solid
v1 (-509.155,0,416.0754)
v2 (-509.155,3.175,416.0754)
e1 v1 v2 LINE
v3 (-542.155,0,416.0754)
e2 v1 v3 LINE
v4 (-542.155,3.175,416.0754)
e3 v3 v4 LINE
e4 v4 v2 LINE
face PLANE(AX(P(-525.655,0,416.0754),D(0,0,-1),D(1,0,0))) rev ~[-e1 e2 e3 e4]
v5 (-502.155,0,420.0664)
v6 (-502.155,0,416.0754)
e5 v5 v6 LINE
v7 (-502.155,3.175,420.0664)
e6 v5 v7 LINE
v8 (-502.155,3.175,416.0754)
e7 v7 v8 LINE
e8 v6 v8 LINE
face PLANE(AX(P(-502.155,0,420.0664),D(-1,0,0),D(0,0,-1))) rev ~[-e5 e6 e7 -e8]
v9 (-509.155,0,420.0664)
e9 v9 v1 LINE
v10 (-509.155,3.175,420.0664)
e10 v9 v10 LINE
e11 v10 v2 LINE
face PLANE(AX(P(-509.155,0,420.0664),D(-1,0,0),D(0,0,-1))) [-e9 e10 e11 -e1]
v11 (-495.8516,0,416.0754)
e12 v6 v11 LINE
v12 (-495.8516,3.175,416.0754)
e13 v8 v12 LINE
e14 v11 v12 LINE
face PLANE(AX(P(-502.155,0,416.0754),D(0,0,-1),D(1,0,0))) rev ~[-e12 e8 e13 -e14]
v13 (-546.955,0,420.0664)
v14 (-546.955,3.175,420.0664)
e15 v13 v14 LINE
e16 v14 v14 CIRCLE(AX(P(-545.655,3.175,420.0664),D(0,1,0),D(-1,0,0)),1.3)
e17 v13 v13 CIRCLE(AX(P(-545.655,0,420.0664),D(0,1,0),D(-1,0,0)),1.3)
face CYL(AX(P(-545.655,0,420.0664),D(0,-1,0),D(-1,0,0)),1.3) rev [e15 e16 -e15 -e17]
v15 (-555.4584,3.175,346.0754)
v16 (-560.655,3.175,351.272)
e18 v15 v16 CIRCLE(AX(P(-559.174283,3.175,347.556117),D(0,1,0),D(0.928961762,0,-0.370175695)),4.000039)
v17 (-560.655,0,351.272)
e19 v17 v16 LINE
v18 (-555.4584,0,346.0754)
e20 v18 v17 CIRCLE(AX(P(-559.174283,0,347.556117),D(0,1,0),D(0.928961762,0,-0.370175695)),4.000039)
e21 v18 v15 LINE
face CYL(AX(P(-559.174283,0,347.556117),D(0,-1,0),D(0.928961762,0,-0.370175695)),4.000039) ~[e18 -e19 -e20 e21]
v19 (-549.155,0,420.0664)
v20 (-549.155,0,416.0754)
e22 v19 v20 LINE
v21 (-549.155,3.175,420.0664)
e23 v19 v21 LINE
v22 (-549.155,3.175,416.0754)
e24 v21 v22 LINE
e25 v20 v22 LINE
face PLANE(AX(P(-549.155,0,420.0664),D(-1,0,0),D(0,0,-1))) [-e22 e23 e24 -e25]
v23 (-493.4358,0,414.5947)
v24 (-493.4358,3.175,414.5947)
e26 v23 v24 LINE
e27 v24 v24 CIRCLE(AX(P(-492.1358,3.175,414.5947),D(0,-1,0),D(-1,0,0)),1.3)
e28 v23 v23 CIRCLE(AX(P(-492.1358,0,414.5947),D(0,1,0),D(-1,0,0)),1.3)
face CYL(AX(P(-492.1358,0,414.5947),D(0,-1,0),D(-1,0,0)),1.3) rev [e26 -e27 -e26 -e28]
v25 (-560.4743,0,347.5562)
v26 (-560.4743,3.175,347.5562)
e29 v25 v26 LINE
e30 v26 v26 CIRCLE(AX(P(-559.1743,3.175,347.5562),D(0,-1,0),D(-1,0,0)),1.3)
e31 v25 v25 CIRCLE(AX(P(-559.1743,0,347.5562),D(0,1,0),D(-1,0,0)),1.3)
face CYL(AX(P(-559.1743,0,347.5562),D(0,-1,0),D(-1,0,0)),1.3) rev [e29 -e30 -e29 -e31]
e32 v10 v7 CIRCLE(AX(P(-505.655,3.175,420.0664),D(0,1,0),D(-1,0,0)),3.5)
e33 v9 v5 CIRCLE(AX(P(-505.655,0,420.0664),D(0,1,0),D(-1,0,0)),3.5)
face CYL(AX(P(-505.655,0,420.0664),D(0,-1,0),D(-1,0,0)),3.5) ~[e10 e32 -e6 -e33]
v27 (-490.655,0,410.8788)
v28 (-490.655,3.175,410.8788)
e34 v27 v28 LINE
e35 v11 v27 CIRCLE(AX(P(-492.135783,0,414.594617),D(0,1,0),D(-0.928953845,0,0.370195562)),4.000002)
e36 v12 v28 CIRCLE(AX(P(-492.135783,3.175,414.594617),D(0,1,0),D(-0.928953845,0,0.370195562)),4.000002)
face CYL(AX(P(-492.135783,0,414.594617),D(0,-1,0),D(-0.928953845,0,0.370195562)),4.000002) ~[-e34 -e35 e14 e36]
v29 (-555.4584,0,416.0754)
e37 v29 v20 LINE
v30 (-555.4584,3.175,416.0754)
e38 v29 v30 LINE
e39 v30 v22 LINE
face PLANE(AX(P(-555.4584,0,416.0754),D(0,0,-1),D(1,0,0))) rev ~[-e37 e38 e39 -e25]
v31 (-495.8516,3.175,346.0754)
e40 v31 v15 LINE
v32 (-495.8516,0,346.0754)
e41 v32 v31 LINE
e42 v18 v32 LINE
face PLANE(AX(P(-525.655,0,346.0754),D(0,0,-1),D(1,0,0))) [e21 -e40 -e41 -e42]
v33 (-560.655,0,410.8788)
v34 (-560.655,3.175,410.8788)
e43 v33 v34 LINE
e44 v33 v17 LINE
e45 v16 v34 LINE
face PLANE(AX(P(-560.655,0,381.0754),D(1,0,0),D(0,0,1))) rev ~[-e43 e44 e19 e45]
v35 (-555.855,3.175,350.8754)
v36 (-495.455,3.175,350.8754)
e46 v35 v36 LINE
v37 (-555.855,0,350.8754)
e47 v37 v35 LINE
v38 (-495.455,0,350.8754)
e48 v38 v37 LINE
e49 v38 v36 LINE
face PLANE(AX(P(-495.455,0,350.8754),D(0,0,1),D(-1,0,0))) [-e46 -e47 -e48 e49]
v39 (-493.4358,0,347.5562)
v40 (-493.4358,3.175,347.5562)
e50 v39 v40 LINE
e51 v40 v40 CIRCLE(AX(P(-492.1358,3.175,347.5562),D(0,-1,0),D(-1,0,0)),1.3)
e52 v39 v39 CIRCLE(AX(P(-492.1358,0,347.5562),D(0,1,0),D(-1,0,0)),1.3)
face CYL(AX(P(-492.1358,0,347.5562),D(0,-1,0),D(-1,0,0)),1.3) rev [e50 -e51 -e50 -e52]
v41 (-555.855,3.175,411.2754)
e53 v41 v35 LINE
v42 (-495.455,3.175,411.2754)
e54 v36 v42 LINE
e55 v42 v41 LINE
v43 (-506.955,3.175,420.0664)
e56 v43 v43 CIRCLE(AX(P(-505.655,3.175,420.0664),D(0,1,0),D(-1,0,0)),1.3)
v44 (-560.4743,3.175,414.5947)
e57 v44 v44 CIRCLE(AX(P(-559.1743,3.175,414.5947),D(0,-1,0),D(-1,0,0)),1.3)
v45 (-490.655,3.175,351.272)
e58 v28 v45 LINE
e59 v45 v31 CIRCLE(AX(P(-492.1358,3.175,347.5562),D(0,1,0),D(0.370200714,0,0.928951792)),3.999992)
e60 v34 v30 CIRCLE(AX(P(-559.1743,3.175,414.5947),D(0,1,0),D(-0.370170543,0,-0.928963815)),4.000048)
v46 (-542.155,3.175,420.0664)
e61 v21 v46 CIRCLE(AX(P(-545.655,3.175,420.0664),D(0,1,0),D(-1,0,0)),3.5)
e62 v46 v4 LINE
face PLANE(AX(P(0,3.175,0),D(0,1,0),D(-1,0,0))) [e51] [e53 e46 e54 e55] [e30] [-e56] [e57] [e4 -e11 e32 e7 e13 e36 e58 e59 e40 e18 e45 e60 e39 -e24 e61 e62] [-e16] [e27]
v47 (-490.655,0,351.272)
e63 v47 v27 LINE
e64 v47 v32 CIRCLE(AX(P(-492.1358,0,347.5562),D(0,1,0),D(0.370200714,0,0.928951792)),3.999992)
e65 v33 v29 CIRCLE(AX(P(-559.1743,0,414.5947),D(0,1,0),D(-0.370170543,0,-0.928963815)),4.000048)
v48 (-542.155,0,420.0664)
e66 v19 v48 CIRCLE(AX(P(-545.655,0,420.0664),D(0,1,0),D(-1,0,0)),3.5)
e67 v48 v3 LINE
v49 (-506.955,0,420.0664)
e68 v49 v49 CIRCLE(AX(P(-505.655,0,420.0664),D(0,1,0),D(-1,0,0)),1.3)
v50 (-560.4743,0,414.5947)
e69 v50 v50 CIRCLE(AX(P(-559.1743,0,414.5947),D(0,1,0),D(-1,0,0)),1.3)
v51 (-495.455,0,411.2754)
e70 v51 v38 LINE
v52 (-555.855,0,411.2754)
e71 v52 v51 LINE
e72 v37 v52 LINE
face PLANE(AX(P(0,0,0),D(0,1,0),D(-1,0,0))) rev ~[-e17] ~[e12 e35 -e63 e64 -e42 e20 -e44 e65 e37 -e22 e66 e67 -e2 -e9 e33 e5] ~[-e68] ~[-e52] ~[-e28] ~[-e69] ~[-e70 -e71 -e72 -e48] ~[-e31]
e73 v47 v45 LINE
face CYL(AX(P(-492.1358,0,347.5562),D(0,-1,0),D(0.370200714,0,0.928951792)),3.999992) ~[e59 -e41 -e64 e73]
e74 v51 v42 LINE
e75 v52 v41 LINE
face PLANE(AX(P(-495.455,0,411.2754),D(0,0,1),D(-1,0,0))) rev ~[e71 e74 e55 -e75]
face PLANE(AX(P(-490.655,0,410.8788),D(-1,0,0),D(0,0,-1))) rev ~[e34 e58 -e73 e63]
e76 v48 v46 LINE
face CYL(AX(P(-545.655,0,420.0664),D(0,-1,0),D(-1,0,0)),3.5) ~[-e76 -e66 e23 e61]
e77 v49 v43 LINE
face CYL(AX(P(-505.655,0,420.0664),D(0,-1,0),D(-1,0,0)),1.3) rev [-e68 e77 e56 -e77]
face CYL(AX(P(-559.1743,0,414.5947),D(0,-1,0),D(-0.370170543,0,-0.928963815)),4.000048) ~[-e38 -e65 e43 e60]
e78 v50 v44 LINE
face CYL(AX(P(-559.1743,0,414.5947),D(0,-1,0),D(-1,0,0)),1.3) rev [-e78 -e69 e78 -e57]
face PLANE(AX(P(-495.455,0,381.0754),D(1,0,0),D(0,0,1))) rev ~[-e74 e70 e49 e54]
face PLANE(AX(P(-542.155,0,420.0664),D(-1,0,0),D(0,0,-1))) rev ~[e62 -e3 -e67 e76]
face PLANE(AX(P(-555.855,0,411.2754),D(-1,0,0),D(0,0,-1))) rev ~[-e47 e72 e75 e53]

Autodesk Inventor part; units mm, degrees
ref_plane "YZ Plane" through (0, 0, 0) normal (1, 0, 0) x (0, 1, 0)
ref_plane "XZ Plane" through (0, 0, 0) normal (0, 1, 0) x (-1, 0, 0)
ref_plane "XY Plane" through (0, 0, 0) normal (0, 0, 1) x (1, 0, 0)
sketch "Sketch1" plane through (0, 0, 0) normal (0, 1, 0) x (-1, 0, 0)
  line L0 (495.455, 411.2754) -> (555.855, 411.2754)
  line L1 (555.855, 411.2754) -> (555.855, 381.0754)
  line L2 (495.455, 381.0754) -> (495.455, 411.2754)
  line L3 (560.655, 416.0754) -> (555.4584, 416.0754)
  line L4 (490.655, 416.0754) -> (490.655, 410.8788)
  line L5 (495.455, 411.2754) -> (490.655, 416.0754)
  line L6 (555.855, 411.2754) -> (560.655, 416.0754)
  line L7 (490.655, 381.0754) -> (560.655, 381.0754)
  arc A0 (556.3458, 411.7662) -> (556.9421, 411.2754) centre (559.1743, 414.5947) ccw
  arc A1 (494.9642, 411.7662) -> (495.8516, 416.0754) centre (492.1358, 414.5947) ccw
  line L8 (560.655, 410.8788) -> (560.655, 416.0754)
  arc A2 (555.4584, 416.0754) -> (555.855, 412.3625) centre (559.1743, 414.5947) ccw
  line L9 (495.8516, 416.0754) -> (490.655, 416.0754)
  line L10 (490.655, 410.8788) -> (490.655, 381.0754)
  arc A3 (490.655, 410.8788) -> (494.9642, 411.7662) centre (492.1358, 414.5947) ccw
  arc A4 (495.8516, 416.0754) -> (490.655, 410.8788) centre (492.1358, 414.5947) ccw
  circle A5 centre (492.1358, 414.5947) radius 1.3
  arc A6 (555.855, 412.3625) -> (556.3458, 411.7662) centre (559.1743, 414.5947) ccw
  arc A7 (560.655, 410.8788) -> (555.4584, 416.0754) centre (559.1743, 414.5947) ccw
  arc A8 (556.9421, 411.2754) -> (560.655, 410.8788) centre (559.1743, 414.5947) ccw
  circle A9 centre (559.1743, 414.5947) radius 1.3
  line L11 (525.655, 416.0754) -> (525.655, 381.0754)
  line L12 (560.655, 381.0754) -> (560.655, 410.8788)
  arc A10 (560.655, 351.272) -> (556.9421, 350.8754) centre (559.1743, 347.5562) ccw
  arc A11 (555.855, 349.7884) -> (555.4584, 346.0754) centre (559.1743, 347.5562) ccw
  line L13 (560.655, 381.0754) -> (560.655, 351.272)
  line L14 (555.855, 350.8754) -> (555.855, 381.0754)
  line L15 (525.655, 346.0754) -> (525.655, 381.0754)
  line L16 (555.4584, 346.0754) -> (495.8516, 346.0754)
  line L17 (495.455, 350.8754) -> (555.855, 350.8754)
  line L18 (495.455, 350.8754) -> (490.655, 346.0754)
  line L19 (490.655, 346.0754) -> (490.655, 351.272)
  line L20 (495.455, 381.0754) -> (495.455, 350.8754)
  line L21 (560.655, 346.0754) -> (555.4584, 346.0754)
  line L22 (555.855, 350.8754) -> (560.655, 346.0754)
  arc A12 (556.3458, 350.3846) -> (555.855, 349.7884) centre (559.1743, 347.5562) ccw
  arc A13 (556.9421, 350.8754) -> (556.3458, 350.3846) centre (559.1743, 347.5562) ccw
  circle A14 centre (559.1743, 347.5562) radius 1.3
  line L23 (560.655, 351.272) -> (560.655, 346.0754)
  arc A15 (555.4584, 346.0754) -> (560.655, 351.272) centre (559.1743, 347.5562) ccw
  circle A16 centre (492.1358, 347.5562) radius 1.3
  line L24 (495.8516, 346.0754) -> (490.655, 346.0754)
  line L25 (490.655, 351.272) -> (490.655, 381.0754)
  arc A17 (494.9642, 350.3846) -> (490.655, 351.272) centre (492.1358, 347.5562) ccw
  arc A18 (490.655, 351.272) -> (495.8516, 346.0754) centre (492.1358, 347.5562) ccw
  arc A19 (495.8516, 346.0754) -> (494.9642, 350.3846) centre (492.1358, 347.5562) ccw
  circle A20 centre (505.655, 420.0664) radius 1.3
  arc A21 (509.155, 420.0664) -> (502.155, 420.0664) centre (505.655, 420.0664) ccw
  line L26 (502.155, 420.0664) -> (502.155, 416.0754)
  line L27 (509.155, 420.0664) -> (509.155, 416.0754)
  circle A22 centre (545.655, 420.0664) radius 1.3
  line L28 (549.155, 420.0664) -> (549.155, 416.0754)
  arc A23 (549.155, 420.0664) -> (542.155, 420.0664) centre (545.655, 420.0664) ccw
  line L29 (542.155, 420.0664) -> (542.155, 416.0754)
  line L30 (502.155, 416.0754) -> (495.8516, 416.0754)
  line L31 (555.4584, 416.0754) -> (549.155, 416.0754)
  line L32 (542.155, 416.0754) -> (509.155, 416.0754)
  point P0 (0, 0)
  point P1 (525.855, 381.2754)
  point P2 (558.255, 413.6754)
  point P3 (493.055, 413.6754)
  point P4 (493.055, 348.4754)
  point P5 (558.255, 348.4754)
  point P6 (525.855, 380.8754)
  dimension "d0" = 4.8
  dimension "d1" = 70
  dimension "d2" = 8
  dimension "d3" = 2.6
  dimension "d4" = 2.6
  dimension "d5" = 33.5192
  dimension "d6" = 33.5192
  dimension "d7" = 2.6
  dimension "d8" = 20
  dimension "d9" = 7
extrude "Extrusion1" add sketch "Sketch1" along normal blind 3.175 contours L5 A1 L30 L26 A21 L27 L32 L11 L0 | L2 L7 L10 A3 L5 | L11 L32 L29 A23 L28 L31 A2 A6 L6 L0 | L20 L18 A17 L25 L7 | A3 L4 L5 A5 | L5 A5 L9 A1 | L6 A0 A8 L12 L7 L1 | L17 L15 L16 A19 L18 | A5 L5 | L5 A5 | L9 L4 A4 | L7 L13 A10 A13 L22 L14 | A6 A2 L3 L6 A9 | L6 A9 L8 A8 A0 | L17 L22 A12 A11 L16 L15 | A17 L18 A16 L19 | L19 L24 A18 | A19 L24 L18 A16 | A9 L6 | L6 A9 | A16 L18 | L18 A16 | L8 L3 A7 | L23 L22 A14 A13 A10 | A15 L21 L23 | L22 A14 L21 A11 A12 | A14 L22 | L22 A14
extrude "Extrusion2" cut sketch "Sketch1" along normal blind 3.175 contours A5 L5 | L5 A5 | A9 L6 | L6 A9 | A16 L18 | L18 A16 | A14 L22 | L22 A14
properties part number "trellisCaptiveBottom"
